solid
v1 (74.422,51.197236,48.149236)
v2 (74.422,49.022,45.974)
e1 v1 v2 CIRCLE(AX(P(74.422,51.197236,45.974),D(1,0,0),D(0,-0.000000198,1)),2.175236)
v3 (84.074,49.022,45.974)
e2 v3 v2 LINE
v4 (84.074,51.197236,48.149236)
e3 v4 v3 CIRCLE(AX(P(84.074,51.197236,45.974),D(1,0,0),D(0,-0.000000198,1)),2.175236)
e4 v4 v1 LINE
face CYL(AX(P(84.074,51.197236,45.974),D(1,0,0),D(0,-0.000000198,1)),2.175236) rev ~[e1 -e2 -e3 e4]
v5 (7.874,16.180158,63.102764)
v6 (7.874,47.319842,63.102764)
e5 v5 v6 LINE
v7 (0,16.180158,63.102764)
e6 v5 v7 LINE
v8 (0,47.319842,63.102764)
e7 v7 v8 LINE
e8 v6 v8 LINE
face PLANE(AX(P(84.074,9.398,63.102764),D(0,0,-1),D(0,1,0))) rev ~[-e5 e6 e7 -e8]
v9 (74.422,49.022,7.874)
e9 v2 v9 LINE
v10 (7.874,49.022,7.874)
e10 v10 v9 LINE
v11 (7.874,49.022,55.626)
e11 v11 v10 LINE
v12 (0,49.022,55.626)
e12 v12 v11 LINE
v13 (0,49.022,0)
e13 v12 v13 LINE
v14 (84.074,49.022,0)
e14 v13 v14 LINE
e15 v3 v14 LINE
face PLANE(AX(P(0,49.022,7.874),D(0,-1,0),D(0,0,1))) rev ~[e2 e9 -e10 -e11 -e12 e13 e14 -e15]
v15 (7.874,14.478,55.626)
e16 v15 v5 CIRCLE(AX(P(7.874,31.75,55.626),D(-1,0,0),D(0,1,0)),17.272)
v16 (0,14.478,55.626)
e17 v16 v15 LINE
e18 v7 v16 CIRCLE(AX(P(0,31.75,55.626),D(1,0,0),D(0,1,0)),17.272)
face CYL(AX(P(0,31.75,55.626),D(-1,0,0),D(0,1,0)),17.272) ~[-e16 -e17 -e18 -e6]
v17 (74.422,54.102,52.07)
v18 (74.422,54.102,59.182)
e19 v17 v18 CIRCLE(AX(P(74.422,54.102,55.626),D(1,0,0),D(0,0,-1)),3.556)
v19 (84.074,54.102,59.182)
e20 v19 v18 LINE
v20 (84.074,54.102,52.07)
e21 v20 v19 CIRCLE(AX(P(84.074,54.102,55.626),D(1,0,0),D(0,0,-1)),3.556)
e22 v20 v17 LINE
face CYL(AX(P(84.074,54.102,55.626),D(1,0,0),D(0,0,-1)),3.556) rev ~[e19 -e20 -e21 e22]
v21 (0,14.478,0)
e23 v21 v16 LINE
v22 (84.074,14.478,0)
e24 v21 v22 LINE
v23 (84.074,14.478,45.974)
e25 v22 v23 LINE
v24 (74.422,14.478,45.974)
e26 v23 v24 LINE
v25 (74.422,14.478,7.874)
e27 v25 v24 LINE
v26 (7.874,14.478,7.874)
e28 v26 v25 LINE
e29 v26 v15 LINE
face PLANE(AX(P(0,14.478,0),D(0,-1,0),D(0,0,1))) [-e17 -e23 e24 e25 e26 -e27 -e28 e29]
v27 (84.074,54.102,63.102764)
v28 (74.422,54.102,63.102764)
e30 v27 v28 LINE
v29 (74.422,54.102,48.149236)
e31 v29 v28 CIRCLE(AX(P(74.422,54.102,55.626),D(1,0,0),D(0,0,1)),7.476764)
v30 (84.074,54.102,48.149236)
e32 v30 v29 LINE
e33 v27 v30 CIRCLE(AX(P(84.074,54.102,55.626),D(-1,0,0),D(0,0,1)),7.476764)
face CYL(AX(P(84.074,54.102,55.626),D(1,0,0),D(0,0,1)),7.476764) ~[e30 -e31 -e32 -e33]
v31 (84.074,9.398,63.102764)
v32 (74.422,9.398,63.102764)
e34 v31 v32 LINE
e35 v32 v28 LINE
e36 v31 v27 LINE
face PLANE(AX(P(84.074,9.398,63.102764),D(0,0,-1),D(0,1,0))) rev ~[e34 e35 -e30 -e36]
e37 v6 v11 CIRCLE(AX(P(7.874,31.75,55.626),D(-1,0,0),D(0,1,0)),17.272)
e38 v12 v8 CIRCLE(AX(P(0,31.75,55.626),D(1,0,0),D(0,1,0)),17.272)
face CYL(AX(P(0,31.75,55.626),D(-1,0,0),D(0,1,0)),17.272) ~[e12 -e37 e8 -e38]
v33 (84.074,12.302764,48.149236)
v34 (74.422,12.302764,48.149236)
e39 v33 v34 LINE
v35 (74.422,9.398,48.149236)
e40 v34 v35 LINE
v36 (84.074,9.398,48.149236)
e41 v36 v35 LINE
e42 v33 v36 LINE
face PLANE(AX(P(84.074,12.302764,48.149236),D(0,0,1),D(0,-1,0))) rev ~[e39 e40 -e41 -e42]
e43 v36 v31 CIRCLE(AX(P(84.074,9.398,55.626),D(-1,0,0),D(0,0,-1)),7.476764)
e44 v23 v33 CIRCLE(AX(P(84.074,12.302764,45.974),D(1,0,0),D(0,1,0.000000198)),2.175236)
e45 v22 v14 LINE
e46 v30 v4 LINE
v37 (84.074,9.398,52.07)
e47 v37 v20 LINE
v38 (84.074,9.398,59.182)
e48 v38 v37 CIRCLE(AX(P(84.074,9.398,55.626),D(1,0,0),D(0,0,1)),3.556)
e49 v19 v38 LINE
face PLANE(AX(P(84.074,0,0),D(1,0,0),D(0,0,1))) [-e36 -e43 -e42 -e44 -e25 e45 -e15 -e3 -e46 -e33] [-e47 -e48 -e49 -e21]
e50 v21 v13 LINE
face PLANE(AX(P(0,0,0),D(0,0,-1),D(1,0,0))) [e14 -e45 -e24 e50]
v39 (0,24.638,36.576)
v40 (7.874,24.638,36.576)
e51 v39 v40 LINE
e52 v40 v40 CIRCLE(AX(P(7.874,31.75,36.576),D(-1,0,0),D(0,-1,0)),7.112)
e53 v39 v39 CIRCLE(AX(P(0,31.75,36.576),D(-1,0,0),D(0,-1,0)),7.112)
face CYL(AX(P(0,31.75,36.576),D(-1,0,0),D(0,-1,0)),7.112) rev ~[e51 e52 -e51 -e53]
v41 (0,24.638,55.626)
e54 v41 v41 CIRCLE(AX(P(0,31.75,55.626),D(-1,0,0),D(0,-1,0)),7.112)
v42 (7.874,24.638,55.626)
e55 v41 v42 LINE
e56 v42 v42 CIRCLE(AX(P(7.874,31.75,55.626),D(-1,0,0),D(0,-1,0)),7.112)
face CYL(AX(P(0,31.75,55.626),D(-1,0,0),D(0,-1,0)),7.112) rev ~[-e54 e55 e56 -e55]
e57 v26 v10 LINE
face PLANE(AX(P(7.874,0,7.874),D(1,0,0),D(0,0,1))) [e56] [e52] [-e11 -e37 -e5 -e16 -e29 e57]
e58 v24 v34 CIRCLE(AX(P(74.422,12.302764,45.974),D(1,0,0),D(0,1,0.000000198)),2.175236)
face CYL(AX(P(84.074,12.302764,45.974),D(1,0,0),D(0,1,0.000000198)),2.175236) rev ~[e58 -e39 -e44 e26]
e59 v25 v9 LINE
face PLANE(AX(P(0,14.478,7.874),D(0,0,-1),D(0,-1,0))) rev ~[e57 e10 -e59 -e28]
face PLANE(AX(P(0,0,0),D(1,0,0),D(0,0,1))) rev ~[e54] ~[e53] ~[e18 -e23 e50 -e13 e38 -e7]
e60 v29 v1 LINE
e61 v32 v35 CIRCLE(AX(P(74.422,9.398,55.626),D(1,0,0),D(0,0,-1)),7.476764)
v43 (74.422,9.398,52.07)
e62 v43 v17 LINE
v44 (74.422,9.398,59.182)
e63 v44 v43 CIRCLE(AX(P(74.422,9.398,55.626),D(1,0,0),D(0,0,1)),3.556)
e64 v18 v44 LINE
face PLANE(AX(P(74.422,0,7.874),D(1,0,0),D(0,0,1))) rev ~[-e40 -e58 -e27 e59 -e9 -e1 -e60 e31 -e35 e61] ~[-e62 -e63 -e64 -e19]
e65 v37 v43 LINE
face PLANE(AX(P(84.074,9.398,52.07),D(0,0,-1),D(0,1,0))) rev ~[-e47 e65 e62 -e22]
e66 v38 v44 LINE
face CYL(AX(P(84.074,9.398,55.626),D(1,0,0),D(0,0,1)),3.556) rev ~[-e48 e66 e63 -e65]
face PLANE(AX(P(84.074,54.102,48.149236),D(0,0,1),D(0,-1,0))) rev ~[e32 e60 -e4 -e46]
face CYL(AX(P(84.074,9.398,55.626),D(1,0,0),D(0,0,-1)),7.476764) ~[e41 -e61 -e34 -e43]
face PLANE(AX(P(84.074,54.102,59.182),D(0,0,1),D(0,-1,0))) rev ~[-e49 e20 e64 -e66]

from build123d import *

# Parameters (mm, degrees)
F0_W      = 84.074
F0_H      = 76.2
F1_DEPTH  = 63.5
F2_W      = 66.548
F2_H      = 68.326
F3_DEPTH  = 63.501
F5_DEPTH  = 25.4
F4_W      = 14.478
F4_H      = 7.874
F6_DEPTH  = 84.075
F4_R      = 7.112
F7_DEPTH  = 25.4
F9_DEPTH  = 84.075
F10_DEPTH = 25.4


with BuildPart() as f1:
    # F0 (on Front) → F1 (new body)
    with BuildSketch(Plane.XZ):
        with Locations((42.037, 38.1)):
            Rectangle(F0_W, F0_H)
    extrude(amount=-F1_DEPTH)

    # F2 (on face) → F3 (cut, through all)
    with BuildSketch(Plane.XZ):
        with Locations((41.148, 42.037)):
            Rectangle(F2_W, F2_H)
    extrude(amount=-F3_DEPTH, mode=Mode.SUBTRACT)

    # F4 (on face) → F5 (cut)
    with BuildSketch(Plane(origin=(0, 0, 0), x_dir=(0, -1, 0), z_dir=(-1, 0, 0))):
        with BuildLine():
            Line((-63.5, 7.874), (-49.022, 7.874))
            Line((-49.022, 7.874), (-49.022, 55.626))
            ThreePointArc((-49.022, 55.626), (-31.75, 72.898), (-14.478, 55.626))
            Line((-14.478, 55.626), (-14.478, 7.874))
            Line((-14.478, 7.874), (0, 7.874))
            Line((0, 7.874), (0, 76.2))
            Line((0, 76.2), (-63.5, 76.2))
            Line((-63.5, 76.2), (-63.5, 7.874))
        make_face()
    extrude(amount=-F5_DEPTH, mode=Mode.SUBTRACT)

    # F4 (on face) → F6 (cut, through all)
    with BuildSketch(Plane(origin=(0, 0, 0), x_dir=(0, -1, 0), z_dir=(-1, 0, 0))):
        with Locations((-56.261, 3.937)):
            Rectangle(F4_W, F4_H)
        with Locations((-7.239, 3.937)):
            Rectangle(F4_W, F4_H)
    extrude(amount=-F6_DEPTH, mode=Mode.SUBTRACT)

    # F4 (on face) → F7 (cut)
    with BuildSketch(Plane(origin=(0, 0, 0), x_dir=(0, -1, 0), z_dir=(-1, 0, 0))):
        with Locations((-31.75, 36.576)):
            Circle(F4_R)
        with Locations((-31.75, 55.626)):
            Circle(F4_R)
    extrude(amount=-F7_DEPTH, mode=Mode.SUBTRACT)

    # F8 (on face) → F9 (cut, through all)
    with BuildSketch(Plane.YZ.offset(84.074)):
        with BuildLine():
            Line((0, 7.874), (14.478, 7.874))
            Line((14.478, 7.874), (14.478, 45.974))
            ThreePointArc((14.478, 45.974), (13.840888, 47.512124), (12.302764, 48.149236))
            Line((12.302764, 48.149236), (9.398, 48.149236))
            ThreePointArc((9.398, 48.149236), (1.921236, 55.626), (9.398, 63.102764))
            Line((9.398, 63.102764), (31.75, 63.102764))
            Line((31.75, 63.102764), (54.102, 63.102764))
            ThreePointArc((54.102, 63.102764), (61.578764, 55.626), (54.102, 48.149236))
            Line((54.102, 48.149236), (51.197236, 48.149236))
            ThreePointArc((51.197236, 48.149236), (49.659112, 47.512124), (49.022, 45.974))
            Line((49.022, 45.974), (49.022, 7.874))
            Line((49.022, 7.874), (63.5, 7.874))
            Line((63.5, 7.874), (63.5, 76.2))
            Line((63.5, 76.2), (0, 76.2))
            Line((0, 76.2), (0, 7.874))
        make_face()
    extrude(amount=-F9_DEPTH, mode=Mode.SUBTRACT)

    # F8 (on face) → F10 (cut)
    with BuildSketch(Plane.YZ.offset(84.074)):
        with BuildLine():
            ThreePointArc((54.102, 52.07), (57.658, 55.626), (54.102, 59.182))
            Line((54.102, 59.182), (31.75, 59.182))
            Line((31.75, 59.182), (9.398, 59.182))
            ThreePointArc((9.398, 59.182), (5.842, 55.626), (9.398, 52.07))
            Line((9.398, 52.07), (31.75, 52.07))
            Line((31.75, 52.07), (54.102, 52.07))
        make_face()
    extrude(amount=-F10_DEPTH, mode=Mode.SUBTRACT)


solid = f1.part
